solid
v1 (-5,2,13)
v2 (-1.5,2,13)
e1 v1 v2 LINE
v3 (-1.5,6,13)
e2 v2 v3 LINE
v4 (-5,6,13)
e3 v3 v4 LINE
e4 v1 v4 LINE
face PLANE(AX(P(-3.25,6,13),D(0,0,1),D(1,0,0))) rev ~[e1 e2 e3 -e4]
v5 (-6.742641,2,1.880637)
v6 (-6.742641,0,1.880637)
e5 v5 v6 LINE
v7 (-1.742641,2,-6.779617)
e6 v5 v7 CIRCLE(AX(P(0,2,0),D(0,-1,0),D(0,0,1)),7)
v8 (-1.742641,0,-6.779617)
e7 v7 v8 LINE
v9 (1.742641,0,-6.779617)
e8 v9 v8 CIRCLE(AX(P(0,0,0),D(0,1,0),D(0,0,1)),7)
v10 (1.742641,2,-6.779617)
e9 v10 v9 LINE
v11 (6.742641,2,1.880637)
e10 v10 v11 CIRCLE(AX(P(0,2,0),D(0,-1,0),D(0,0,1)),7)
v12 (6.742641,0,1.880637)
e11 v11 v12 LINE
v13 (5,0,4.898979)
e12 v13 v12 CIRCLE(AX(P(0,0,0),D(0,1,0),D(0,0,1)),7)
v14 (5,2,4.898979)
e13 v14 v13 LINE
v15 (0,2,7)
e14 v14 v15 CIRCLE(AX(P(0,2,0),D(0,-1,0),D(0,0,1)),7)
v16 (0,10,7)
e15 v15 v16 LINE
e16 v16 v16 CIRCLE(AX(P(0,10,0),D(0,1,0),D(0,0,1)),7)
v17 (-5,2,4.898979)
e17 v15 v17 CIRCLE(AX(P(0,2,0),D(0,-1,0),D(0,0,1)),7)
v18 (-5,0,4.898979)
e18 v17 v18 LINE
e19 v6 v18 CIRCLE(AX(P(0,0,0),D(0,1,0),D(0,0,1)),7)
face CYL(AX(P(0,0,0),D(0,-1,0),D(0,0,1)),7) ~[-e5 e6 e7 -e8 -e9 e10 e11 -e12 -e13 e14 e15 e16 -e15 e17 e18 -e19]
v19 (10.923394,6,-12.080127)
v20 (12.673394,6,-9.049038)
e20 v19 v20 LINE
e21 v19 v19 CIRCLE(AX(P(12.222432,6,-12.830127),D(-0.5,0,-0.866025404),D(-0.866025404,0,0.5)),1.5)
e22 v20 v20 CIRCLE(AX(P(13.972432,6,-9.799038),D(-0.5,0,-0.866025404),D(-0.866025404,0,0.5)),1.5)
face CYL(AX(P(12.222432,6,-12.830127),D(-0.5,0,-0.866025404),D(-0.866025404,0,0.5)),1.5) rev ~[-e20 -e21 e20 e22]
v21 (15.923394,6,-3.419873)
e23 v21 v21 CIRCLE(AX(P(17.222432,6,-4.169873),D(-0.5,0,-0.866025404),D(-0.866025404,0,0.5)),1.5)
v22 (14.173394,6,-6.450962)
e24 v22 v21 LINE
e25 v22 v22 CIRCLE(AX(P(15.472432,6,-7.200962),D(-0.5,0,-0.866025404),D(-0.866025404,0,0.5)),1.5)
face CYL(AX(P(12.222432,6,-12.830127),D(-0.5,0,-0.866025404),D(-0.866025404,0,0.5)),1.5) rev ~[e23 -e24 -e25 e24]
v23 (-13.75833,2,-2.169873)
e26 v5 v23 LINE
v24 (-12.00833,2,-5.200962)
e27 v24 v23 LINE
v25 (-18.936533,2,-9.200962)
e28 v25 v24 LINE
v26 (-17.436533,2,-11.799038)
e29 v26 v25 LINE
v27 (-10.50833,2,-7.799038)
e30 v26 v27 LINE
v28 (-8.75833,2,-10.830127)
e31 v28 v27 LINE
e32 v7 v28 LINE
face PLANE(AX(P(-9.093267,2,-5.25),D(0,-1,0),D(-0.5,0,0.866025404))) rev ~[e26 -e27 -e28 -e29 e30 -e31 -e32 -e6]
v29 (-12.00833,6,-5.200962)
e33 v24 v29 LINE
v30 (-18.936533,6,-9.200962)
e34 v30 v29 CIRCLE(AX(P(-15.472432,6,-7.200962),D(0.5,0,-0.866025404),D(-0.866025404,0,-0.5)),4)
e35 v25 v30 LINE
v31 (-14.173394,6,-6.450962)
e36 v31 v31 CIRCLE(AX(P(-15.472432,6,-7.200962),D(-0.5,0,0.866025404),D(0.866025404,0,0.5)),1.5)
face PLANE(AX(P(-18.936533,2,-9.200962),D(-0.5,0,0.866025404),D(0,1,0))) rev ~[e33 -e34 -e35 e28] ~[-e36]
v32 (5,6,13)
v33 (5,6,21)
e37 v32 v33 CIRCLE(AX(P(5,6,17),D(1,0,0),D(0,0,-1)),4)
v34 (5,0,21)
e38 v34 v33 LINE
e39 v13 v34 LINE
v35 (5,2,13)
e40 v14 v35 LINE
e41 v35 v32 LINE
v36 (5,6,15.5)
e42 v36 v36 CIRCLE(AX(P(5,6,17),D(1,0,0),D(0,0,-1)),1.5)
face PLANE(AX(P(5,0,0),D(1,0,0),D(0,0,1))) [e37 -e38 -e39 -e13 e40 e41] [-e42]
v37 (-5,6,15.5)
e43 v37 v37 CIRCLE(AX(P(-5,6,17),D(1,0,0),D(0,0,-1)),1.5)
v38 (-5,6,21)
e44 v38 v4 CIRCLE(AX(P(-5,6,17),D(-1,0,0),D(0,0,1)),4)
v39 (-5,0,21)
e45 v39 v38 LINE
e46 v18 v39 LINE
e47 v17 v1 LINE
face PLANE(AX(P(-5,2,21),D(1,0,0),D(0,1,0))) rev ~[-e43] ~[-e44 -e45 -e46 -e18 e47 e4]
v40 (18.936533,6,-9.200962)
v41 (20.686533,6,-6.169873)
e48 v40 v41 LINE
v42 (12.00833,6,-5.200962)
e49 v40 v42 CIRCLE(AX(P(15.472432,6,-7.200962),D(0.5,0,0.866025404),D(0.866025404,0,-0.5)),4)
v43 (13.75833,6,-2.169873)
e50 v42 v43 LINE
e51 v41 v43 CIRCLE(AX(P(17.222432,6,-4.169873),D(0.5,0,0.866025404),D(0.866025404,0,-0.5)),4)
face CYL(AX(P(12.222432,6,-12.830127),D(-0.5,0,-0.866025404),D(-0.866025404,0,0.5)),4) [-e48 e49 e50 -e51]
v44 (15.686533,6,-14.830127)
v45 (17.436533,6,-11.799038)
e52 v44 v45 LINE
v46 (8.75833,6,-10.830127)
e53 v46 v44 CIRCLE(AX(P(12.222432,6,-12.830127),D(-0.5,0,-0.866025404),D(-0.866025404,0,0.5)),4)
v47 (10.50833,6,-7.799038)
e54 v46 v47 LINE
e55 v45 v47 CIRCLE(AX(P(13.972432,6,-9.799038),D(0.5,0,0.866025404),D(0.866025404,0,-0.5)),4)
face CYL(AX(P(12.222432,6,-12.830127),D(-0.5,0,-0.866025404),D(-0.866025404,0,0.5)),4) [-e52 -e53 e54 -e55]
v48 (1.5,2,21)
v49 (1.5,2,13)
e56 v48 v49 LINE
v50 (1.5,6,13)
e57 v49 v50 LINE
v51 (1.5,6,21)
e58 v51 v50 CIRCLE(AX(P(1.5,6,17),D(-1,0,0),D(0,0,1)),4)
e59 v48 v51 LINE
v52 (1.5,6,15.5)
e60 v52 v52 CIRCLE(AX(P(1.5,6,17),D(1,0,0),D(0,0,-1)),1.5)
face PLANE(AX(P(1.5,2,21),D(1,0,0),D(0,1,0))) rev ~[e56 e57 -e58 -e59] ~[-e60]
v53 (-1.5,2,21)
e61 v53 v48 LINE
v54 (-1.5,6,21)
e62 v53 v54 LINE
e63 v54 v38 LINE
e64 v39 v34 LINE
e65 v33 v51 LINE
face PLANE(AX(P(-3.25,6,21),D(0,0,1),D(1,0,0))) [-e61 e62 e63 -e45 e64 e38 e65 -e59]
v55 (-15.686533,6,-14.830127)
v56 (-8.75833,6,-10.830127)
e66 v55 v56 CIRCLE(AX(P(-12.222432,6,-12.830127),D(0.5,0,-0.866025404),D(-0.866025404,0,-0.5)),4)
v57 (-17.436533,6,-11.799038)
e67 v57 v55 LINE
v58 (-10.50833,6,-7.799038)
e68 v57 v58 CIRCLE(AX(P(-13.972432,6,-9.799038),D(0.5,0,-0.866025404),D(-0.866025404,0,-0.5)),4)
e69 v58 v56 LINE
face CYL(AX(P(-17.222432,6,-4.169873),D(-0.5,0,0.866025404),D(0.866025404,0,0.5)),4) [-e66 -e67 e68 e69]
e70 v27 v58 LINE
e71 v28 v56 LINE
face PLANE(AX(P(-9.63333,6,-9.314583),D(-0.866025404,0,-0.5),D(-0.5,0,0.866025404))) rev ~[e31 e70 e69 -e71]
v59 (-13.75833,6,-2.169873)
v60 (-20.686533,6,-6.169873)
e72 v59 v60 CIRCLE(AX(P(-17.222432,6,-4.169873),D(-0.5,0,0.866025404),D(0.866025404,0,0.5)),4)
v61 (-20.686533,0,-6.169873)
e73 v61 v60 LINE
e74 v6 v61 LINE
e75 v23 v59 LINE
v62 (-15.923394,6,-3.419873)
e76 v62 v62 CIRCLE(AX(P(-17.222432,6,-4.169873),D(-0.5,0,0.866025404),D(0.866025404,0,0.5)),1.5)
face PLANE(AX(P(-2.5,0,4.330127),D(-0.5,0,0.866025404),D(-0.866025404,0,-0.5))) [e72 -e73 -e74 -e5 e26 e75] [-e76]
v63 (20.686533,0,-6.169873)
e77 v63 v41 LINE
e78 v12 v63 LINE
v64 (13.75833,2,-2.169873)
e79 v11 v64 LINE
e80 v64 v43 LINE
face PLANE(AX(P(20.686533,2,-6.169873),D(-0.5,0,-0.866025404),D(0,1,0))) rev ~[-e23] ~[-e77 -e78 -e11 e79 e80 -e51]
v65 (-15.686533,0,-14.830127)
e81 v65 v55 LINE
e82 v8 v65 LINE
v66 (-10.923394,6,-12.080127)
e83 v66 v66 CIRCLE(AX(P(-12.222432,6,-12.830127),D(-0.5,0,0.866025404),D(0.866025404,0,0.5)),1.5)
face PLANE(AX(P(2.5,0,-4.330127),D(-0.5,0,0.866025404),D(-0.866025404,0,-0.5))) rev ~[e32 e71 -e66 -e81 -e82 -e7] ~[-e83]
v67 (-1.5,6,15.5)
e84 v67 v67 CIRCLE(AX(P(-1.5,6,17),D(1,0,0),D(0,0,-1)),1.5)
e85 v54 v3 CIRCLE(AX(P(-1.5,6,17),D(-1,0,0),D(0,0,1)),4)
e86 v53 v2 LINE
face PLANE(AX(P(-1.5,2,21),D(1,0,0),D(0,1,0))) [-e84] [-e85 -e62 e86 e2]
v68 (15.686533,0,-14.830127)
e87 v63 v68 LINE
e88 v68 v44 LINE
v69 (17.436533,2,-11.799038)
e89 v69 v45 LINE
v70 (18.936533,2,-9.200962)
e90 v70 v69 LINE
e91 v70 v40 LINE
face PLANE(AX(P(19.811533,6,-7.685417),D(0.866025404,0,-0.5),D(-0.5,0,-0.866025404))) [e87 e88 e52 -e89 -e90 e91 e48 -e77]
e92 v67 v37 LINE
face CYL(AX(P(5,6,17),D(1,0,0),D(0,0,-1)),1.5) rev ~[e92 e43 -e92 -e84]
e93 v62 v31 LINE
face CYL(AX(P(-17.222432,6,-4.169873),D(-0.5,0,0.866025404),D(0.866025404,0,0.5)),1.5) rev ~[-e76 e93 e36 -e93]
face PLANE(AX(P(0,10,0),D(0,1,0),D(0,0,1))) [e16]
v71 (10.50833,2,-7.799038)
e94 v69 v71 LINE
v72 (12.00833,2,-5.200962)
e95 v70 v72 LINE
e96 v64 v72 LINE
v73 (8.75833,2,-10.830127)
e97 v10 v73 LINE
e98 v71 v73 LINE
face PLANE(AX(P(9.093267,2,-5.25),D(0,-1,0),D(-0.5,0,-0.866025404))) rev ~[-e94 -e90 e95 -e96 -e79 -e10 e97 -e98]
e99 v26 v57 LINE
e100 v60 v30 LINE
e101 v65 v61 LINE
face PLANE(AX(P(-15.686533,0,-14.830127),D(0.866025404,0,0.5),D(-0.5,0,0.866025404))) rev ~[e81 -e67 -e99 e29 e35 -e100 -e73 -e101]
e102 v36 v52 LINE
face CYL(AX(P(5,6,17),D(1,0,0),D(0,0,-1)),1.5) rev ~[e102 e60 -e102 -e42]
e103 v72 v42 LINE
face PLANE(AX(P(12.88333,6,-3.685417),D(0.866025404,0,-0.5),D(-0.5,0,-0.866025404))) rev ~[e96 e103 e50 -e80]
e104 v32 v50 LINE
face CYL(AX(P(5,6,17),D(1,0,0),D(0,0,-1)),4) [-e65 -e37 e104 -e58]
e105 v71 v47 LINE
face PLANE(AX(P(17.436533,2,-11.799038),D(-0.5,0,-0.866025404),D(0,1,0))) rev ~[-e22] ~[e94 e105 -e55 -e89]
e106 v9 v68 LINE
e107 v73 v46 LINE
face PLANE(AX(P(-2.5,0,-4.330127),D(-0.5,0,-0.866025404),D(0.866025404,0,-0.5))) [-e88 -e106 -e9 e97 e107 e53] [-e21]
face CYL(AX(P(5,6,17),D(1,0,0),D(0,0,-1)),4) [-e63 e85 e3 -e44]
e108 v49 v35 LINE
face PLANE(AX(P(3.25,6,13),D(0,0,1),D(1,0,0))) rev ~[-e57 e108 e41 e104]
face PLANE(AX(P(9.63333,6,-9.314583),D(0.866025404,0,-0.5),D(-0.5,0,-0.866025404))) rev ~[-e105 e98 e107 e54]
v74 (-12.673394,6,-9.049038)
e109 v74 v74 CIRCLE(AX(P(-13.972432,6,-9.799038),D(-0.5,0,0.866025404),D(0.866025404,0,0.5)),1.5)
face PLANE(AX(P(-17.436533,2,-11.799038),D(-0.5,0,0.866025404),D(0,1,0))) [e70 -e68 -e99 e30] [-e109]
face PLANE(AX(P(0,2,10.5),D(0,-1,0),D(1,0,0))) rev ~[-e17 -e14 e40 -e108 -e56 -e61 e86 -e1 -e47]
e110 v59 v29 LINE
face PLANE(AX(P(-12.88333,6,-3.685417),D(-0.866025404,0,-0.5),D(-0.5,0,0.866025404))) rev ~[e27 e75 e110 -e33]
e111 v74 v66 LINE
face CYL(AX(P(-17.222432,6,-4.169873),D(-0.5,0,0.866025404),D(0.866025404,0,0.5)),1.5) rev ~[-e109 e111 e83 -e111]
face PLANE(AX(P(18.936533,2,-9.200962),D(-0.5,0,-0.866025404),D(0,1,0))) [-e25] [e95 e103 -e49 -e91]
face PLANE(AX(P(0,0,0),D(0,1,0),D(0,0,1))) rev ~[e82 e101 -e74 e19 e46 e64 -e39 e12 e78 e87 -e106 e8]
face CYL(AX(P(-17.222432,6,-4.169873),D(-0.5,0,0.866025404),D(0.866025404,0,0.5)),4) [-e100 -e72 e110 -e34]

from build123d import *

# Parameters (mm, degrees)
SKETCH1_R           = 7
BOSS_EXTRUDE1_DEPTH = 10
SKETCH2_W           = 10
SKETCH2_H           = 21
BOSS_EXTRUDE2_DEPTH = 2
SKETCH3_W           = 3.5
SKETCH3_H           = 8
BOSS_EXTRUDE3_DEPTH = 8
CUT_EXTRUDE1_DEPTH  = 27.172504657
SKETCH5_R           = 1.5
CUT_EXTRUDE2_DEPTH  = 27.172504657
CIRPATTERN1_COUNT   = 3


with BuildPart() as part:
    # Sketch1 → Boss-Extrude1 (new body)
    with BuildSketch(Plane(origin=(0, 0, 0), x_dir=(1, 0, 0), z_dir=(0, 1, 0))):
        with Locations(Location((0, 0, 0), (0, 0, 270))):
            Circle(SKETCH1_R)
    extrude(amount=BOSS_EXTRUDE1_DEPTH)

    # Sketch2 → Boss-Extrude2 (add)
    with BuildSketch(Plane.XZ):
        with Locations((0, 10.5)):
            Rectangle(SKETCH2_W, SKETCH2_H)
    boss_extrude2 = extrude(amount=-BOSS_EXTRUDE2_DEPTH)

    # Sketch3 → Boss-Extrude3 (add)
    with BuildSketch(Plane.XY.offset(21)):
        with Locations((-3.25, 6)):
            Rectangle(SKETCH3_W, SKETCH3_H)
        with Locations((3.25, 6)):
            Rectangle(SKETCH3_W, SKETCH3_H)
    boss_extrude3 = extrude(amount=-BOSS_EXTRUDE3_DEPTH)

    # Sketch4 → Cut-Extrude1 (cut, through all)
    with BuildSketch(Plane(origin=(5, 0, 0), x_dir=(0, 0, -1), z_dir=(1, 0, 0))):
        with BuildLine():
            Line((-21, 6), (-21, 11))
            Line((-21, 11), (-13, 11))
            Line((-13, 11), (-13, 6))
            ThreePointArc((-13, 6), (-17, 10), (-21, 6))
        make_face()
    cut_extrude1 = extrude(amount=-CUT_EXTRUDE1_DEPTH, mode=Mode.SUBTRACT)

    # Sketch5 → Cut-Extrude2 (cut, through all)
    with BuildSketch(Plane(origin=(5, 0, 0), x_dir=(0, 0, -1), z_dir=(1, 0, 0))):
        with Locations((-17, 6)):
            Circle(SKETCH5_R)
    cut_extrude2 = extrude(amount=-CUT_EXTRUDE2_DEPTH, mode=Mode.SUBTRACT)

    # CirPattern1: Boss-Extrude2, Boss-Extrude3, Cut-Extrude1, Cut-Extrude2 ×3 about axis
    cirpattern1_axis = Axis((0, 0, 0), (0, 1, 0))
    add([boss_extrude2.rotate(cirpattern1_axis, i * 360 / CIRPATTERN1_COUNT) for i in range(1, CIRPATTERN1_COUNT)])
    add([boss_extrude3.rotate(cirpattern1_axis, i * 360 / CIRPATTERN1_COUNT) for i in range(1, CIRPATTERN1_COUNT)])
    add([cut_extrude1.rotate(cirpattern1_axis, i * 360 / CIRPATTERN1_COUNT) for i in range(1, CIRPATTERN1_COUNT)], mode=Mode.SUBTRACT)
    add([cut_extrude2.rotate(cirpattern1_axis, i * 360 / CIRPATTERN1_COUNT) for i in range(1, CIRPATTERN1_COUNT)], mode=Mode.SUBTRACT)


solid = part.part
